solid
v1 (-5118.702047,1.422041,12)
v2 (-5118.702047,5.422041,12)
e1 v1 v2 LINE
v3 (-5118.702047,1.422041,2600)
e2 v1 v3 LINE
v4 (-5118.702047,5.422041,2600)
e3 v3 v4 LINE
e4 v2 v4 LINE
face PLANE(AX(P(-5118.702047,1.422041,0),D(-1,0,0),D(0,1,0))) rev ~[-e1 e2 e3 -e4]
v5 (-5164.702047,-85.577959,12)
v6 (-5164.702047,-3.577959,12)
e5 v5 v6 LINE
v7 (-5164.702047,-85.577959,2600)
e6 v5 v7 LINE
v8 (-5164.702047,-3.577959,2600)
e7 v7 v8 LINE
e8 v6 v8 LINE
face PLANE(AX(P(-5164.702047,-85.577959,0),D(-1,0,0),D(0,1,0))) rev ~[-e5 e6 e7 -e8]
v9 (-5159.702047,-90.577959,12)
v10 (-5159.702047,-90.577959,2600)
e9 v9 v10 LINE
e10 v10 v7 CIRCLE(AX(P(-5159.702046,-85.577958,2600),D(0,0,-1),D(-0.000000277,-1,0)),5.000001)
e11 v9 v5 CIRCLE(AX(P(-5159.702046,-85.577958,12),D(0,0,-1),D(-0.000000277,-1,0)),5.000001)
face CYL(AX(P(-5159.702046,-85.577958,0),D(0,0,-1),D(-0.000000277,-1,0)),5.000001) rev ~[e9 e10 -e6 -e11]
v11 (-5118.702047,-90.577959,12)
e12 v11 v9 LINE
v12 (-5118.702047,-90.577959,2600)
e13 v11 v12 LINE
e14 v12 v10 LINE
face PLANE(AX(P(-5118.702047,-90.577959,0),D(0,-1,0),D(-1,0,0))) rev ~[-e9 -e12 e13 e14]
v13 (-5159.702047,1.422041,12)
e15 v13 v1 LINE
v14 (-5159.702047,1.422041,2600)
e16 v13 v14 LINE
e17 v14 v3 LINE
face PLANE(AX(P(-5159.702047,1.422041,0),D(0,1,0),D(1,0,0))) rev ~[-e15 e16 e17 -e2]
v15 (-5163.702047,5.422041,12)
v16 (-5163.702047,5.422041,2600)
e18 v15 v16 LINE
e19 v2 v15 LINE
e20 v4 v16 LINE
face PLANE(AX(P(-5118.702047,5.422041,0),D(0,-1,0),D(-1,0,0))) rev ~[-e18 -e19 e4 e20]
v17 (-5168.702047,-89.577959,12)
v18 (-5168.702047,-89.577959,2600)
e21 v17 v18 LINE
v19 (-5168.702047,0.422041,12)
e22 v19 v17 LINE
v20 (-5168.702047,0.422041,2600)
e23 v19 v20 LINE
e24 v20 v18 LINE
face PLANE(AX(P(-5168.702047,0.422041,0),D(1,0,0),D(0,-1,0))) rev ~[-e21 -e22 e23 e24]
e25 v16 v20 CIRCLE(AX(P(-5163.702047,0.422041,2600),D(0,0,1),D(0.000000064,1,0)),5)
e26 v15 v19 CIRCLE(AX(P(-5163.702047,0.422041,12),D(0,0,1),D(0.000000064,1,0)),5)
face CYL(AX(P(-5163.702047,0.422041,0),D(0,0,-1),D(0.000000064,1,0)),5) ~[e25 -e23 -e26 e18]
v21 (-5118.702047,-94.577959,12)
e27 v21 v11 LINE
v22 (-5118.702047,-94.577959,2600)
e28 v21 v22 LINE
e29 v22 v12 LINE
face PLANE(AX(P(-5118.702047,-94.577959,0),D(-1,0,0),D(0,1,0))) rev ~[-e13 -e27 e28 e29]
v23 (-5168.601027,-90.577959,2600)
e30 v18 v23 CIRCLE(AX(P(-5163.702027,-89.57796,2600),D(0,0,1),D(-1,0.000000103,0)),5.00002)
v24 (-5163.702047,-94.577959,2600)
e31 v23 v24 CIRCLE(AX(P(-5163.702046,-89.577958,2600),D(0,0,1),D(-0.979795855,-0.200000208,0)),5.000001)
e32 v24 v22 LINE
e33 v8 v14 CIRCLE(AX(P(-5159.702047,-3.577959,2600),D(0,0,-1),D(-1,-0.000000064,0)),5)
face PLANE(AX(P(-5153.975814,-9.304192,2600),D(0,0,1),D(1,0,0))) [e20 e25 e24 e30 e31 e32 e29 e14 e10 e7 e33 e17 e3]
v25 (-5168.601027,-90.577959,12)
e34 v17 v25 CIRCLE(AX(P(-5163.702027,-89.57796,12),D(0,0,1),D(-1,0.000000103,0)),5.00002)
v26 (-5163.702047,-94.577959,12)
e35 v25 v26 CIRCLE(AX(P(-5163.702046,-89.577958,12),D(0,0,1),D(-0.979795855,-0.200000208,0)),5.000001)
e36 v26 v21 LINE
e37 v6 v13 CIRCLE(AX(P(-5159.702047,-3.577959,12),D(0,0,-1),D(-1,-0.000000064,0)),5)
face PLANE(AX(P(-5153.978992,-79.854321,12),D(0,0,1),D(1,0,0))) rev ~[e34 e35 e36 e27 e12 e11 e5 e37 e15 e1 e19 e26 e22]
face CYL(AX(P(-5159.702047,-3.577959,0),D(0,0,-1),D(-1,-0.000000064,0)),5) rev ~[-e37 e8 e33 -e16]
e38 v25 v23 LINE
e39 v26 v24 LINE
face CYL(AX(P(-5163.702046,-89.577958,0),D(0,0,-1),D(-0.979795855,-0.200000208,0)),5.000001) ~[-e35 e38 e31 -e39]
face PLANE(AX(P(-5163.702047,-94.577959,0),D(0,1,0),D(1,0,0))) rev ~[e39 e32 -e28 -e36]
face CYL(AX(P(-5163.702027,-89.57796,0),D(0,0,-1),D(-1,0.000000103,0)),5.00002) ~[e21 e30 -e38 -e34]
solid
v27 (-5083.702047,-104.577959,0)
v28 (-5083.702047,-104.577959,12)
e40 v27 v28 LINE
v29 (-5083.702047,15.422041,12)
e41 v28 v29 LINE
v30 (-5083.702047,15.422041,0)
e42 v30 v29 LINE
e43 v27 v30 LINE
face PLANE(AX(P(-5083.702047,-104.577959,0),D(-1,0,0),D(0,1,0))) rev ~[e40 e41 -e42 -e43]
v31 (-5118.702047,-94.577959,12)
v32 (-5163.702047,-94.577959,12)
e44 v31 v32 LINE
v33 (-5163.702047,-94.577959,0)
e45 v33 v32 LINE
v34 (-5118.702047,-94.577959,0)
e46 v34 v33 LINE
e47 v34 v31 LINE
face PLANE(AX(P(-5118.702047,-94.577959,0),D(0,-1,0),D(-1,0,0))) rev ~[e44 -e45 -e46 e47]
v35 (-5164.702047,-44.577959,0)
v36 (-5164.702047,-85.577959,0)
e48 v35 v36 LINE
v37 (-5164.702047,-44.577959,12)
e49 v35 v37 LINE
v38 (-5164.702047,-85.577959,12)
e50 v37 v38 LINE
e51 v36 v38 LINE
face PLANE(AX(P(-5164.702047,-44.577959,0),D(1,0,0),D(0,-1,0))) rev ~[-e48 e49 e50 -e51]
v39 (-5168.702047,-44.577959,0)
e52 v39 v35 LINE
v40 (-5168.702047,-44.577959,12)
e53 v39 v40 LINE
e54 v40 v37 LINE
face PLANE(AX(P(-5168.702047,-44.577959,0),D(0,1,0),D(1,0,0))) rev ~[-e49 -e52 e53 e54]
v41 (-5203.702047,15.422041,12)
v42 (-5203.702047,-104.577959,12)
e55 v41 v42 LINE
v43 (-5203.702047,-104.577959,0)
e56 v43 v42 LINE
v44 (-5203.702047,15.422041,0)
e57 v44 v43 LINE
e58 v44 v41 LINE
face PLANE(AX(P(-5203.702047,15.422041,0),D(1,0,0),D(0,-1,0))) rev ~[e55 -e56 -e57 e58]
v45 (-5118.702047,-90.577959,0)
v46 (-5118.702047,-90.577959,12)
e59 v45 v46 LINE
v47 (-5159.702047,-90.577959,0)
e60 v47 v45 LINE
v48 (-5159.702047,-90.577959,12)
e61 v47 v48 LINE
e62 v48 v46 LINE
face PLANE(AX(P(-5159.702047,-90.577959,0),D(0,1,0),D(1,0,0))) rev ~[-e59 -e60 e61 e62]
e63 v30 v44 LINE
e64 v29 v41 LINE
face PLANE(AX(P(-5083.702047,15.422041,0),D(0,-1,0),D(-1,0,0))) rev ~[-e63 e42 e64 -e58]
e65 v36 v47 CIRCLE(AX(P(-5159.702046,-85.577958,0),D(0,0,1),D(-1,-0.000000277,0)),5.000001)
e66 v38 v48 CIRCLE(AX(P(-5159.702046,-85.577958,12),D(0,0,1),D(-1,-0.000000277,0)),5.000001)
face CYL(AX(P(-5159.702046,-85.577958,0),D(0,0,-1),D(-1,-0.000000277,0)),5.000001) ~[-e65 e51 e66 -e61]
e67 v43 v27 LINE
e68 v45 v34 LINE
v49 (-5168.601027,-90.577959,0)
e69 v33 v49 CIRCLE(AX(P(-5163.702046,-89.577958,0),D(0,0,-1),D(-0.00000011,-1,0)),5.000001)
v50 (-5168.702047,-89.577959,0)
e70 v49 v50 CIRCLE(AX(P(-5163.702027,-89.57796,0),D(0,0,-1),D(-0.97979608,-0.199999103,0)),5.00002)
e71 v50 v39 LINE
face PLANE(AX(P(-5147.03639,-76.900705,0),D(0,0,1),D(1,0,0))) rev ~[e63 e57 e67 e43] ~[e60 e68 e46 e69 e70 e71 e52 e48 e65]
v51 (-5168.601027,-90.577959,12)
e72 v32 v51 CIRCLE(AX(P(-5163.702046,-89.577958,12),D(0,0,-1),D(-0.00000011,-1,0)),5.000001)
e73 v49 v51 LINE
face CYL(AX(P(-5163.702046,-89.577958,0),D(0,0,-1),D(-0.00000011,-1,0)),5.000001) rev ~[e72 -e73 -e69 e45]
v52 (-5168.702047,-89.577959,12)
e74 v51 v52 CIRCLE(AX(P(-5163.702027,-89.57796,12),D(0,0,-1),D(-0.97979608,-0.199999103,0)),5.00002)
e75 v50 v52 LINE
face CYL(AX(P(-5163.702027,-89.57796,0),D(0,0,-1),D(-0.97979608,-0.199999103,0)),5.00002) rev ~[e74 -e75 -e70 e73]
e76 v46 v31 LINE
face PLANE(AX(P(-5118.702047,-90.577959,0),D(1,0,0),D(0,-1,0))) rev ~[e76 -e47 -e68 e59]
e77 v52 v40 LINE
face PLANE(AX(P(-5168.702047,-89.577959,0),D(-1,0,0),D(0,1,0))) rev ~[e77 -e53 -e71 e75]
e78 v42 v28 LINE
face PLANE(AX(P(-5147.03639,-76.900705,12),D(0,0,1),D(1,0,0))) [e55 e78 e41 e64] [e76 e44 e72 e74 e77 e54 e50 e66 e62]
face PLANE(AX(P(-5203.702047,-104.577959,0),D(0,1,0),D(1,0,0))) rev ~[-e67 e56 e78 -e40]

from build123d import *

# Parameters (mm, degrees)
F1_DEPTH = 2600
F2_DEPTH = 12
F3_DEPTH = 12


with BuildPart() as f1:
    # F0 (on Top) → F1 (new body)
    with BuildSketch(Plane.XY):
        with BuildLine():
            Line((-5168.702047, 0.422041), (-5168.702047, -44.577959))
            Line((-5168.702047, -44.577959), (-5164.702047, -44.577959))
            Line((-5164.702047, -44.577959), (-5164.702047, -3.577959))
            ThreePointArc((-5164.702047, -3.577959), (-5163.237581, -0.042425), (-5159.702047, 1.422041))
            Line((-5159.702047, 1.422041), (-5143.702047, 1.422041))
            Line((-5143.702047, 1.422041), (-5118.702047, 1.422041))
            Line((-5118.702047, 1.422041), (-5118.702047, 5.422041))
            Line((-5118.702047, 5.422041), (-5143.702047, 5.422041))
            Line((-5143.702047, 5.422041), (-5163.702047, 5.422041))
            ThreePointArc((-5163.702047, 5.422041), (-5167.237581, 3.957575), (-5168.702047, 0.422041))
        make_face()
        with BuildLine():
            Line((-5164.702047, -44.577959), (-5168.702047, -44.577959))
            Line((-5168.702047, -44.577959), (-5168.702047, -89.577959))
            ThreePointArc((-5168.702047, -89.577959), (-5168.676728, -90.080503), (-5168.601027, -90.577959))
            ThreePointArc((-5168.601027, -90.577959), (-5166.864325, -93.450942), (-5163.702047, -94.577959))
            Line((-5163.702047, -94.577959), (-5143.702047, -94.577959))
            Line((-5143.702047, -94.577959), (-5118.702047, -94.577959))
            Line((-5118.702047, -94.577959), (-5118.702047, -90.577959))
            Line((-5118.702047, -90.577959), (-5143.702047, -90.577959))
            Line((-5143.702047, -90.577959), (-5159.702047, -90.577959))
            ThreePointArc((-5159.702047, -90.577959), (-5163.237581, -89.113492), (-5164.702047, -85.577959))
            Line((-5164.702047, -85.577959), (-5164.702047, -44.577959))
        make_face()
    extrude(amount=F1_DEPTH)

    # F0 (on Top) → F2 (cut)
    with BuildSketch(Plane.XY):
        with BuildLine():
            Line((-5164.702047, -44.577959), (-5168.702047, -44.577959))
            Line((-5168.702047, -44.577959), (-5168.702047, -89.577959))
            ThreePointArc((-5168.702047, -89.577959), (-5168.676728, -90.080503), (-5168.601027, -90.577959))
            ThreePointArc((-5168.601027, -90.577959), (-5166.864325, -93.450942), (-5163.702047, -94.577959))
            Line((-5163.702047, -94.577959), (-5143.702047, -94.577959))
            Line((-5143.702047, -94.577959), (-5118.702047, -94.577959))
            Line((-5118.702047, -94.577959), (-5118.702047, -90.577959))
            Line((-5118.702047, -90.577959), (-5143.702047, -90.577959))
            Line((-5143.702047, -90.577959), (-5159.702047, -90.577959))
            ThreePointArc((-5159.702047, -90.577959), (-5163.237581, -89.113492), (-5164.702047, -85.577959))
            Line((-5164.702047, -85.577959), (-5164.702047, -44.577959))
        make_face()
        with BuildLine():
            Line((-5168.702047, 0.422041), (-5168.702047, -44.577959))
            Line((-5168.702047, -44.577959), (-5164.702047, -44.577959))
            Line((-5164.702047, -44.577959), (-5164.702047, -3.577959))
            ThreePointArc((-5164.702047, -3.577959), (-5163.237581, -0.042425), (-5159.702047, 1.422041))
            Line((-5159.702047, 1.422041), (-5143.702047, 1.422041))
            Line((-5143.702047, 1.422041), (-5118.702047, 1.422041))
            Line((-5118.702047, 1.422041), (-5118.702047, 5.422041))
            Line((-5118.702047, 5.422041), (-5143.702047, 5.422041))
            Line((-5143.702047, 5.422041), (-5163.702047, 5.422041))
            ThreePointArc((-5163.702047, 5.422041), (-5167.237581, 3.957575), (-5168.702047, 0.422041))
        make_face()
    extrude(amount=F2_DEPTH, mode=Mode.SUBTRACT)


with BuildPart() as f3:
    # F0 (on Top) → F3 (new body)
    with BuildSketch(Plane.XY):
        with BuildLine():
            Line((-5168.702047, -44.577959), (-5203.702047, -44.577959))
            Line((-5203.702047, -44.577959), (-5203.702047, -104.577959))
            Line((-5203.702047, -104.577959), (-5083.702047, -104.577959))
            Line((-5083.702047, -104.577959), (-5083.702047, -44.577959))
            Line((-5083.702047, -44.577959), (-5164.702047, -44.577959))
            Line((-5164.702047, -44.577959), (-5164.702047, -85.577959))
            ThreePointArc((-5164.702047, -85.577959), (-5163.237581, -89.113492), (-5159.702047, -90.577959))
            Line((-5159.702047, -90.577959), (-5143.702047, -90.577959))
            Line((-5143.702047, -90.577959), (-5118.702047, -90.577959))
            Line((-5118.702047, -90.577959), (-5118.702047, -94.577959))
            Line((-5118.702047, -94.577959), (-5143.702047, -94.577959))
            Line((-5143.702047, -94.577959), (-5163.702047, -94.577959))
            ThreePointArc((-5163.702047, -94.577959), (-5166.864325, -93.450942), (-5168.601027, -90.577959))
            ThreePointArc((-5168.601027, -90.577959), (-5168.676728, -90.080503), (-5168.702047, -89.577959))
            Line((-5168.702047, -89.577959), (-5168.702047, -44.577959))
        make_face()
        with BuildLine():
            Line((-5168.702047, 0.422041), (-5168.702047, -44.577959))
            Line((-5168.702047, -44.577959), (-5164.702047, -44.577959))
            Line((-5164.702047, -44.577959), (-5164.702047, -3.577959))
            ThreePointArc((-5164.702047, -3.577959), (-5163.237581, -0.042425), (-5159.702047, 1.422041))
            Line((-5159.702047, 1.422041), (-5143.702047, 1.422041))
            Line((-5143.702047, 1.422041), (-5118.702047, 1.422041))
            Line((-5118.702047, 1.422041), (-5118.702047, 5.422041))
            Line((-5118.702047, 5.422041), (-5143.702047, 5.422041))
            Line((-5143.702047, 5.422041), (-5163.702047, 5.422041))
            ThreePointArc((-5163.702047, 5.422041), (-5167.237581, 3.957575), (-5168.702047, 0.422041))
        make_face()
        with BuildLine():
            Line((-5083.702047, 15.422041), (-5203.702047, 15.422041))
            Line((-5203.702047, 15.422041), (-5203.702047, -44.577959))
            Line((-5203.702047, -44.577959), (-5168.702047, -44.577959))
            Line((-5168.702047, -44.577959), (-5168.702047, 0.422041))
            ThreePointArc((-5168.702047, 0.422041), (-5167.237581, 3.957575), (-5163.702047, 5.422041))
            Line((-5163.702047, 5.422041), (-5143.702047, 5.422041))
            Line((-5143.702047, 5.422041), (-5118.702047, 5.422041))
            Line((-5118.702047, 5.422041), (-5118.702047, 1.422041))
            Line((-5118.702047, 1.422041), (-5143.702047, 1.422041))
            Line((-5143.702047, 1.422041), (-5159.702047, 1.422041))
            ThreePointArc((-5159.702047, 1.422041), (-5163.237581, -0.042425), (-5164.702047, -3.577959))
            Line((-5164.702047, -3.577959), (-5164.702047, -44.577959))
            Line((-5164.702047, -44.577959), (-5083.702047, -44.577959))
            Line((-5083.702047, -44.577959), (-5083.702047, 15.422041))
        make_face()
    extrude(amount=F3_DEPTH)


solid = Compound([f1.part, f3.part])
